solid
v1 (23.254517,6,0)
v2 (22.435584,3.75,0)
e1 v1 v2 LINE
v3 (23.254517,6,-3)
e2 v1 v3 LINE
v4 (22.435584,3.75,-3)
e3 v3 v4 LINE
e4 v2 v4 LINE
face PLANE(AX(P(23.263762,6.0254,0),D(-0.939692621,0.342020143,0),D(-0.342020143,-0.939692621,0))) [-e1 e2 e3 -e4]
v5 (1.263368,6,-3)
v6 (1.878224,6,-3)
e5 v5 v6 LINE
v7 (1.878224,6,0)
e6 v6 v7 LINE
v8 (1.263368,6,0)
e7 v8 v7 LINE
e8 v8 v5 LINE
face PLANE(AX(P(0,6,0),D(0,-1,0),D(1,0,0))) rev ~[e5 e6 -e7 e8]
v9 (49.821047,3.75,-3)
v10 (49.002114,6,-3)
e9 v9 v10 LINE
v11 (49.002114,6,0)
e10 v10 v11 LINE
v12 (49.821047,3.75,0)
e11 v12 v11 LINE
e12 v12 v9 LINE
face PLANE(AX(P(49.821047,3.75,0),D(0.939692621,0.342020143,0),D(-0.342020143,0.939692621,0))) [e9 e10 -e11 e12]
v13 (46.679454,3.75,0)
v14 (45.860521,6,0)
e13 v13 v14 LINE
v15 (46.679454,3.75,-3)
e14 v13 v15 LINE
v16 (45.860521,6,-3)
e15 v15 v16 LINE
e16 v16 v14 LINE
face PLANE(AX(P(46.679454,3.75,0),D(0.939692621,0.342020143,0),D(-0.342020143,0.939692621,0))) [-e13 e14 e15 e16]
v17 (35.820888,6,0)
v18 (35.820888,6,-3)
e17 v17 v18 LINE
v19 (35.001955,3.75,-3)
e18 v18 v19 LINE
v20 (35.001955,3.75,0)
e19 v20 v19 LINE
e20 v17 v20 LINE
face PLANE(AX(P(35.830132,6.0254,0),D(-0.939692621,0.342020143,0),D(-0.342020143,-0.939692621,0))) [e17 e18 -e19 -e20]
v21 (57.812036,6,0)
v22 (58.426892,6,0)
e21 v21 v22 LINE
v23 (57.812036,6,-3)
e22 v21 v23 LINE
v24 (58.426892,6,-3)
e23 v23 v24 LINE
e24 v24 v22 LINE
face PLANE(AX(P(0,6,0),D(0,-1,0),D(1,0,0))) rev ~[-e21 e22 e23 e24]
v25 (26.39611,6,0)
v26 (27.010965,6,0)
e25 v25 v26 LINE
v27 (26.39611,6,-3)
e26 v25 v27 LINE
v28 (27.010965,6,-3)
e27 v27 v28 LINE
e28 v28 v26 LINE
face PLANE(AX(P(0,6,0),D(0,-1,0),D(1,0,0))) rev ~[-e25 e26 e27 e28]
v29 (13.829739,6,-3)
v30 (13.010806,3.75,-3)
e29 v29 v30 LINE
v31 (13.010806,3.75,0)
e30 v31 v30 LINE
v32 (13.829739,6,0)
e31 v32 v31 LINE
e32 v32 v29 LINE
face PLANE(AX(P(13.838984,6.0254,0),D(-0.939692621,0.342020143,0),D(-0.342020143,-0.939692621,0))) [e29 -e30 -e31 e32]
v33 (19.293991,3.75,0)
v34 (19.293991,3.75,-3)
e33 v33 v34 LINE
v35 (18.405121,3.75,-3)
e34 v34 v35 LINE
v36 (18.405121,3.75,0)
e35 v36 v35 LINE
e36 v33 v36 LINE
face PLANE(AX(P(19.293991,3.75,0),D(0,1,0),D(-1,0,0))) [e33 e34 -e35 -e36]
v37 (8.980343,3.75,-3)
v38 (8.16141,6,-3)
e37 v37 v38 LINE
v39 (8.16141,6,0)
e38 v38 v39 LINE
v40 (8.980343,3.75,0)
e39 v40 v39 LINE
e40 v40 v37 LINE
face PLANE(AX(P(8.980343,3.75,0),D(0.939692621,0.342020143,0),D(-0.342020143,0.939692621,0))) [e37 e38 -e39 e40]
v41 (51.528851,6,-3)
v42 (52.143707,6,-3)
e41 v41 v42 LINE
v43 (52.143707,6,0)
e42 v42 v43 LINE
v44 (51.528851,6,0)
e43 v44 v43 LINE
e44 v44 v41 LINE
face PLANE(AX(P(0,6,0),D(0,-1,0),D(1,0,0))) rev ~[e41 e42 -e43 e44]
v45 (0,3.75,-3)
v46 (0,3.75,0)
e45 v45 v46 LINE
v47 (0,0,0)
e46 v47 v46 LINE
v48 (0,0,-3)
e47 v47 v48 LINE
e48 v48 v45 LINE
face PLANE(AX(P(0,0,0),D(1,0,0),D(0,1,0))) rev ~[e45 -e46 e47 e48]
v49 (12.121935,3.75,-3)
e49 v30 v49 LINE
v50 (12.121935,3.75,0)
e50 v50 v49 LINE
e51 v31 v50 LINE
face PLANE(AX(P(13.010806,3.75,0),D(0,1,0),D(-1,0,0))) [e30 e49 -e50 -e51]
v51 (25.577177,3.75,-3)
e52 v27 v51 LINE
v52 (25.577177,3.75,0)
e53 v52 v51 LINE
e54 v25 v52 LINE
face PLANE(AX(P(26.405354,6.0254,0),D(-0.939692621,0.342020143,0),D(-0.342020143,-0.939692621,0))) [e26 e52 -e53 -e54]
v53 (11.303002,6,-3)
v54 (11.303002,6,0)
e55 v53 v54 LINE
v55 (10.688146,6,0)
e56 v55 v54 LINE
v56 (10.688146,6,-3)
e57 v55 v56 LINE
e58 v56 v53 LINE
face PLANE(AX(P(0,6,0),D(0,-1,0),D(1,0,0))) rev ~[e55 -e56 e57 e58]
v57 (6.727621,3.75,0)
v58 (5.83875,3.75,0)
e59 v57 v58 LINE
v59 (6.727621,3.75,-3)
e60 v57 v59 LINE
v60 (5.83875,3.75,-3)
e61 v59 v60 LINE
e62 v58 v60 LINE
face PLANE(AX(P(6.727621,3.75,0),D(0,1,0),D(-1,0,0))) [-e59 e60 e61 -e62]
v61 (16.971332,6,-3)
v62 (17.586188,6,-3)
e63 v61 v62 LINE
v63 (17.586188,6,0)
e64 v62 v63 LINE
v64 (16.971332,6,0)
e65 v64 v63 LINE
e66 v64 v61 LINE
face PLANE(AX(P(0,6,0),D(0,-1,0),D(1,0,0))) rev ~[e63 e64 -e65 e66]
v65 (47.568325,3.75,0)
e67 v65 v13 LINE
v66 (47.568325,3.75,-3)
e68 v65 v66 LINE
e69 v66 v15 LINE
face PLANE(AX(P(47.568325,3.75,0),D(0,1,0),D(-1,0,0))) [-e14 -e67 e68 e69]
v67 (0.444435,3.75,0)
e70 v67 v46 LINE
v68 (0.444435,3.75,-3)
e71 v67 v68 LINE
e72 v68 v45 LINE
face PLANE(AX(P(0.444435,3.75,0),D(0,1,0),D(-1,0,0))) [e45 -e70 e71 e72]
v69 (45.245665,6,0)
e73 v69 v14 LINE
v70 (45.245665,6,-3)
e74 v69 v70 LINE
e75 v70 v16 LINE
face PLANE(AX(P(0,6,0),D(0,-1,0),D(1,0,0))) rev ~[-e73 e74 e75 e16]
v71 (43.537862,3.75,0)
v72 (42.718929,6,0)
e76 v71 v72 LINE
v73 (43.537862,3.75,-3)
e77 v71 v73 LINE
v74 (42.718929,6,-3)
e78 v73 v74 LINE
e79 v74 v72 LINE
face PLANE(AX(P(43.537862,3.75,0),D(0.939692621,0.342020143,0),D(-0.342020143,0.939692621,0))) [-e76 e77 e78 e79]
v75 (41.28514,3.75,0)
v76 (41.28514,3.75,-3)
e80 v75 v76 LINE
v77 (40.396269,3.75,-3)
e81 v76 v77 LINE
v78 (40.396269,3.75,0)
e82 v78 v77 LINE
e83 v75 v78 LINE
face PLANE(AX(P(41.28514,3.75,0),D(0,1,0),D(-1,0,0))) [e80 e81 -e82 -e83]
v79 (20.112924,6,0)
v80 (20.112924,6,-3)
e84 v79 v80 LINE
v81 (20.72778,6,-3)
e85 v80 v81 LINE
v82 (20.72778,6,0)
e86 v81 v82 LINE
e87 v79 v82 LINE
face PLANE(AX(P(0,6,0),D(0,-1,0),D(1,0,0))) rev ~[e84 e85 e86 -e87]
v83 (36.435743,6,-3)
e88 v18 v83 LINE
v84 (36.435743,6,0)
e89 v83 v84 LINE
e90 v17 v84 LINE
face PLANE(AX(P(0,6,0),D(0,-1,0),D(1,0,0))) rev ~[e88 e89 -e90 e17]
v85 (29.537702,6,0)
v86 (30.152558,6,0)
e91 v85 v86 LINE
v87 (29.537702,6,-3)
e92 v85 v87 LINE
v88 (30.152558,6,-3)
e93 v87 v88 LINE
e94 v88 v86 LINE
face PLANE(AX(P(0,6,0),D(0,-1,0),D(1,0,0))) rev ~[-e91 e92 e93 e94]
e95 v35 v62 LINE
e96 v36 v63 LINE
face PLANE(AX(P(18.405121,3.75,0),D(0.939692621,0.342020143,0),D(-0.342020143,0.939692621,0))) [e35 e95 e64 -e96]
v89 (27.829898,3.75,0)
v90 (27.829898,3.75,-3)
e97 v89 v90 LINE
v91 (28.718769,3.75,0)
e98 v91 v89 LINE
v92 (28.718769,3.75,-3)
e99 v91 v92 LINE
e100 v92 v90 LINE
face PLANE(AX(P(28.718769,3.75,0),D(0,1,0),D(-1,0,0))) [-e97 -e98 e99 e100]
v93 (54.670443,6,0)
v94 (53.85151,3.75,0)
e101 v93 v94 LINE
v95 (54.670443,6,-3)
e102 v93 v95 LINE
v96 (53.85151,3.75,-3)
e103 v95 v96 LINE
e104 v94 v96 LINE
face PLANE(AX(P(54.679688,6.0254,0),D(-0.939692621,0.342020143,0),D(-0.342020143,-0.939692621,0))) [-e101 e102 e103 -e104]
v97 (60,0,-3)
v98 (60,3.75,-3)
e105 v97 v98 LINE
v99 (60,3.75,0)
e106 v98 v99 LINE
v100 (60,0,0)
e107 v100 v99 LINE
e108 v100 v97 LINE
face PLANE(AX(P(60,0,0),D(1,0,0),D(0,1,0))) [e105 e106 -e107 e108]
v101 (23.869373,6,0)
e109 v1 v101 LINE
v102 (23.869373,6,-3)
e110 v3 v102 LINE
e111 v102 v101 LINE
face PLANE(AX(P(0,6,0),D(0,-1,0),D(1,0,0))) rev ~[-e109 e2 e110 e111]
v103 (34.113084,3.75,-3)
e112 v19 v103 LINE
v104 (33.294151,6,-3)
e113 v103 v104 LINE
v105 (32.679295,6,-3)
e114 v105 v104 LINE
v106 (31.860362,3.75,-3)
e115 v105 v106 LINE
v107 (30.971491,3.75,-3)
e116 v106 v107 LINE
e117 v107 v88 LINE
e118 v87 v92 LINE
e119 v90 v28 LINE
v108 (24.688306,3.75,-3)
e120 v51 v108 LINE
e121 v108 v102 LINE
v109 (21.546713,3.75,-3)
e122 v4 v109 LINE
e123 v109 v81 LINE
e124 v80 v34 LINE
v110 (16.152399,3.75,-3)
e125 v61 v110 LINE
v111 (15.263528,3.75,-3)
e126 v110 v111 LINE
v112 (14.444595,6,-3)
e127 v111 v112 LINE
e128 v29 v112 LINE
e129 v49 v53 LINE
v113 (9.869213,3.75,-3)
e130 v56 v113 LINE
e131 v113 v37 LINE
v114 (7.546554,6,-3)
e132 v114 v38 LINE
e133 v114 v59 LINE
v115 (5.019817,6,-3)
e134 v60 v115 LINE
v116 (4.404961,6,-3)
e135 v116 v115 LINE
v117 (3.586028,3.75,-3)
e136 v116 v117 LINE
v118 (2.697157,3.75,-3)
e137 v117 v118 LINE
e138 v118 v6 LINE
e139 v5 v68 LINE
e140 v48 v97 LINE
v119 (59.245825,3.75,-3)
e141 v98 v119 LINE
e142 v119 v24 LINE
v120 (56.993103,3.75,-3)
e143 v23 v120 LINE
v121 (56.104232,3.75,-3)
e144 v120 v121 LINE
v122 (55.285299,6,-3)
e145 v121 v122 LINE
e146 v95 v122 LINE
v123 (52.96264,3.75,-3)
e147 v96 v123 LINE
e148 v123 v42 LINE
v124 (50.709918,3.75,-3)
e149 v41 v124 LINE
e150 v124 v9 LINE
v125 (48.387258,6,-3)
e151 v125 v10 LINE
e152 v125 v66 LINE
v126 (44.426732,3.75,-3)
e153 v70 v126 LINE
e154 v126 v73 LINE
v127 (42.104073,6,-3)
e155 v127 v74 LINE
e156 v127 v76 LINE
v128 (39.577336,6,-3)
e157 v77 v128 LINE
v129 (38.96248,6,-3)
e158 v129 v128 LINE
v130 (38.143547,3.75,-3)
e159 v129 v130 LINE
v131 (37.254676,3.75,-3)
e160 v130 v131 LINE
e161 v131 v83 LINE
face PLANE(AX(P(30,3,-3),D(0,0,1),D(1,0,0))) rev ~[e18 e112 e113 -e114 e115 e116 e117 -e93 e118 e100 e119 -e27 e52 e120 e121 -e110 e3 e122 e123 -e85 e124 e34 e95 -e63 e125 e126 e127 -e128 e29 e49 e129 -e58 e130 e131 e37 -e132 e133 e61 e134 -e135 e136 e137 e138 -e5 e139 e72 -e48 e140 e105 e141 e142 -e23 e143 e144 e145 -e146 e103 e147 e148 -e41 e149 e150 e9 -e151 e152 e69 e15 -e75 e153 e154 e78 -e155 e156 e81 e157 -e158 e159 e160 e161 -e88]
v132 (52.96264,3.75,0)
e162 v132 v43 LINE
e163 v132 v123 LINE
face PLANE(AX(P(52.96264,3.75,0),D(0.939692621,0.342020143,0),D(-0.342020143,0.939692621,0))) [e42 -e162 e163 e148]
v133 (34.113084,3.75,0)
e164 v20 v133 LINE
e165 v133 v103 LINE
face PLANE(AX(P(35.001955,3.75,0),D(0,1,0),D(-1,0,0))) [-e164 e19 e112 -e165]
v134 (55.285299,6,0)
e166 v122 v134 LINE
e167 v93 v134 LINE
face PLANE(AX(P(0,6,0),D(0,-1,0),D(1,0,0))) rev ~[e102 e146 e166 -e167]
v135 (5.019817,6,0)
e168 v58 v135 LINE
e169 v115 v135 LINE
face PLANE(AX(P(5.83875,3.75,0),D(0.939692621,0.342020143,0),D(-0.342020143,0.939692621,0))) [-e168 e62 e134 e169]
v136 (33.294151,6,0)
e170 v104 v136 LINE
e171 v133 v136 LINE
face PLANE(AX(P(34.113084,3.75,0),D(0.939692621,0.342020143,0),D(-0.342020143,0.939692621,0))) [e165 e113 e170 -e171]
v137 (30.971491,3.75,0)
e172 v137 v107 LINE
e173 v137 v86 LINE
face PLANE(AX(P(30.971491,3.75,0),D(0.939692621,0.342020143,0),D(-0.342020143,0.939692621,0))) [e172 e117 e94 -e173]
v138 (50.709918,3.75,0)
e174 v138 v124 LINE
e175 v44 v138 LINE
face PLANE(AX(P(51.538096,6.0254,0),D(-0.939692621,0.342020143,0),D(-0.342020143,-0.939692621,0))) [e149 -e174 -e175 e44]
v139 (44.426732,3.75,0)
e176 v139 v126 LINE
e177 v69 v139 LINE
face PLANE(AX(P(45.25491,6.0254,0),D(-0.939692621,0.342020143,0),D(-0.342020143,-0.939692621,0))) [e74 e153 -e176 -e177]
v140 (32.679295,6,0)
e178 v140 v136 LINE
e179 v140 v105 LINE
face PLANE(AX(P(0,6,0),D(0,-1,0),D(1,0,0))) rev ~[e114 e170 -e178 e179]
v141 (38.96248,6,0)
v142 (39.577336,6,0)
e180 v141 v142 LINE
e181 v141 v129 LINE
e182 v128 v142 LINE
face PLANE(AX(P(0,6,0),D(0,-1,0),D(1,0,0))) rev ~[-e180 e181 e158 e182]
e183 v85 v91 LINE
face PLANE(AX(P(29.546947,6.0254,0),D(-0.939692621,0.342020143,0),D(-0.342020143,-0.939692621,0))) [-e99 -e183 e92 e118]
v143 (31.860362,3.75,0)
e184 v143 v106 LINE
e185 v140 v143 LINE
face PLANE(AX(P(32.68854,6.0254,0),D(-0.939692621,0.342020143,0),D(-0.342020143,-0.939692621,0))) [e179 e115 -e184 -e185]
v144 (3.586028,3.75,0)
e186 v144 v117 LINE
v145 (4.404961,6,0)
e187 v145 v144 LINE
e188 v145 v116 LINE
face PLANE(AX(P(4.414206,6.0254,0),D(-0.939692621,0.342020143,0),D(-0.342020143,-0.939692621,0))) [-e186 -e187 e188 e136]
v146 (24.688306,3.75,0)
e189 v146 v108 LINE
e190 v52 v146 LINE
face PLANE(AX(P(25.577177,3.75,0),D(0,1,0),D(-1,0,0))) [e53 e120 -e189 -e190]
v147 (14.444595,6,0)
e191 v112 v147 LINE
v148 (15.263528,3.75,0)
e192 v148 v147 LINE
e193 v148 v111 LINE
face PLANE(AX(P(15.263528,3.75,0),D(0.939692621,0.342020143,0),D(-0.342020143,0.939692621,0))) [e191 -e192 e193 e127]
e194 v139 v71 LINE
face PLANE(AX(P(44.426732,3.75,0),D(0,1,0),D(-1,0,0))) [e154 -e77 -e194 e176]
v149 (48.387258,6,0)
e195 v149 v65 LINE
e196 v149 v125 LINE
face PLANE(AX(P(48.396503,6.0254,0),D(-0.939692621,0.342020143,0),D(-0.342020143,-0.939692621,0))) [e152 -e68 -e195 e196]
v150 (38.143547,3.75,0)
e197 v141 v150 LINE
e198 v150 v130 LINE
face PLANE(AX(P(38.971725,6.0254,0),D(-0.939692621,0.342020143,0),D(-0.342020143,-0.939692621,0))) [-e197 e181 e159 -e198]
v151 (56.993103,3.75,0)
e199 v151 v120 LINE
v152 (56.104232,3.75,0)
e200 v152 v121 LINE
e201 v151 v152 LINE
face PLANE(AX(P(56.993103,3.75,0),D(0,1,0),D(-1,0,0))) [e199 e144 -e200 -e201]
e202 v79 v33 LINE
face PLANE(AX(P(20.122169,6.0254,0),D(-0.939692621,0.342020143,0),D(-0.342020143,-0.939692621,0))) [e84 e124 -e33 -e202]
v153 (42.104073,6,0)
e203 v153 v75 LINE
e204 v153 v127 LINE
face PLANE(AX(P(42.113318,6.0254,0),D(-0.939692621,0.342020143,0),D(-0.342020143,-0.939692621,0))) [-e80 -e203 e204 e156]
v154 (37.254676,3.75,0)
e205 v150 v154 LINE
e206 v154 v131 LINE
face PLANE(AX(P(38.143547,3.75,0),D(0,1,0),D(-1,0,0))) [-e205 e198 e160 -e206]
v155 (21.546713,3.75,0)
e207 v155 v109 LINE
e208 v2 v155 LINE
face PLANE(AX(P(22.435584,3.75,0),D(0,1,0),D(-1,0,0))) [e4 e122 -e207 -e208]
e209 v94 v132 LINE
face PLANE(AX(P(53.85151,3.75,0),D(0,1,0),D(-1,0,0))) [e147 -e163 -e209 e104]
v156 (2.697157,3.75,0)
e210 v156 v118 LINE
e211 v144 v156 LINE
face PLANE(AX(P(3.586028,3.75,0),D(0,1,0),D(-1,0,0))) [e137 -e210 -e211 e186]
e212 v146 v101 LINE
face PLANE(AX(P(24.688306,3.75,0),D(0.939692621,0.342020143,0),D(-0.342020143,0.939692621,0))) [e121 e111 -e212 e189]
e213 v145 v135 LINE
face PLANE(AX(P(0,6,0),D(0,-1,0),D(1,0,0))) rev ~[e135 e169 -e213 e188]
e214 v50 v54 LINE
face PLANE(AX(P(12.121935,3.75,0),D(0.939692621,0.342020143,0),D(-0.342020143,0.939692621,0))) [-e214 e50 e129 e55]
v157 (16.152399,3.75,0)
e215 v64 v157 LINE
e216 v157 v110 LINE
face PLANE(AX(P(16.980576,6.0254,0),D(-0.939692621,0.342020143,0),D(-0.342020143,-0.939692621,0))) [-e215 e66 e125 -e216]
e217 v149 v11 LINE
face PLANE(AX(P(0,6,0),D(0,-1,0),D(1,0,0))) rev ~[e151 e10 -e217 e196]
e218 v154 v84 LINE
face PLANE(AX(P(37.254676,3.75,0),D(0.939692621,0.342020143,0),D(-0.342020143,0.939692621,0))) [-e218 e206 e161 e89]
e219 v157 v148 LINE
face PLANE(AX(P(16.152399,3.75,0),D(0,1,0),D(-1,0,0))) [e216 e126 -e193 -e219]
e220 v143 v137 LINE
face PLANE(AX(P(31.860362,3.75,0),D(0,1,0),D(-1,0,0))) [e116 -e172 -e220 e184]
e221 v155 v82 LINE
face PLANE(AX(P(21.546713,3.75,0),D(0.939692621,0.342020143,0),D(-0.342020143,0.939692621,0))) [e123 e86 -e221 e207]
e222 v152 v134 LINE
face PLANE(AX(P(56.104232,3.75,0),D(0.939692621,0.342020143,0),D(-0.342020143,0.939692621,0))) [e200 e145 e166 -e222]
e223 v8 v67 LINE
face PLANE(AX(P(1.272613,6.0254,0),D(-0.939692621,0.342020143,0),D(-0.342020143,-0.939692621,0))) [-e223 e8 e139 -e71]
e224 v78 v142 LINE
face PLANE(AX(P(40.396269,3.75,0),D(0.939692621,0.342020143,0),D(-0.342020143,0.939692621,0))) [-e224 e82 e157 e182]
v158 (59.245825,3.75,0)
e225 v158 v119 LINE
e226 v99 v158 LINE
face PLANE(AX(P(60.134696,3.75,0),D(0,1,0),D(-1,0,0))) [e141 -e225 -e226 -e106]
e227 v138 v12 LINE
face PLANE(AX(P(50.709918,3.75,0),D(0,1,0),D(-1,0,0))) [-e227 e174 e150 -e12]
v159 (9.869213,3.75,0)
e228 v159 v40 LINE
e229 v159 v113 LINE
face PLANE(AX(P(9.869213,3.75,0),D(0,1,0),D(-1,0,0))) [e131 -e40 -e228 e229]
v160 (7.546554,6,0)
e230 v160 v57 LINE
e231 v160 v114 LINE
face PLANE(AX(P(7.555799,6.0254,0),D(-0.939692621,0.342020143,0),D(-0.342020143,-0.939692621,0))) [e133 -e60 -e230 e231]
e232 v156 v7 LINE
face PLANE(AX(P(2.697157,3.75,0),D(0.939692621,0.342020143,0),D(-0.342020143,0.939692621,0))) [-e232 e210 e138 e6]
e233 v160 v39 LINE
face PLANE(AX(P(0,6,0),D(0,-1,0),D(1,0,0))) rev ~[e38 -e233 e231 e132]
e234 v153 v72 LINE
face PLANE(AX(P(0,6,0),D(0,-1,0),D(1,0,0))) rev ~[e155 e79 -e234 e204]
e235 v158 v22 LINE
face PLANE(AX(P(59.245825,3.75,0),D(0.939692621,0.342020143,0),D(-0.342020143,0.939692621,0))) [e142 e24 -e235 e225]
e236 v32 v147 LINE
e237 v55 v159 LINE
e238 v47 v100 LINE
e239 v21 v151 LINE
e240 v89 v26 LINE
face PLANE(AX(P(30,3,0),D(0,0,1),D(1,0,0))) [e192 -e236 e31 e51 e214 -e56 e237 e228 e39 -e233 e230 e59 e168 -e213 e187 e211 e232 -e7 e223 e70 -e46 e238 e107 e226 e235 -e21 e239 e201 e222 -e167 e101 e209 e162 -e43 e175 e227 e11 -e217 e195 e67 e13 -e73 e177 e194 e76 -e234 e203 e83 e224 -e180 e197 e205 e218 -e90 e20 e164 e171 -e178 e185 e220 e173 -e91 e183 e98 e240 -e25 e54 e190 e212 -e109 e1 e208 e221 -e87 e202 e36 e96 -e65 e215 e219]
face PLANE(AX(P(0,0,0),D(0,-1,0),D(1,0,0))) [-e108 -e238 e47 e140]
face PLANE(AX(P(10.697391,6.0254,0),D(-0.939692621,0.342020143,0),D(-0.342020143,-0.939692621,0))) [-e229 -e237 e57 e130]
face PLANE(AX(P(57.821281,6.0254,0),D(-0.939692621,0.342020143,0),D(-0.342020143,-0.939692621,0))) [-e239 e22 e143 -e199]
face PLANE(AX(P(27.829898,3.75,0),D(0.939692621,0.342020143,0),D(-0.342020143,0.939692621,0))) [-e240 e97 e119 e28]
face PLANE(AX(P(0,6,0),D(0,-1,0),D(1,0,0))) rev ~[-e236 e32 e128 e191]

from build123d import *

# Parameters (mm, degrees)
BLANKSKE_W        = 60
BLANKSKE_H        = 6
BLANK_DEPTH       = 3
TOOTHCUTSIM_DEPTH = 61.373835392
TEETHCUTS_COUNT   = 21
TEETHCUTS_PITCH   = 3.14159265


with BuildPart() as part:
    # BlankSke → Blank (new body)
    with BuildSketch(Plane.XY):
        with Locations((30, 3)):
            Rectangle(BLANKSKE_W, BLANKSKE_H)
    extrude(amount=-BLANK_DEPTH)

    # TooCutSkeSim → ToothCutSim (cut, through all)
    with BuildSketch(Plane.XY):
        Polygon((0.44443537, 3.75), (-0.44443537, 3.75), (-1.272613241, 6.0254), (1.272613241, 6.0254), align=None)
    toothcutsim = extrude(amount=-TOOTHCUTSIM_DEPTH, mode=Mode.SUBTRACT)

    # TeethCuts: ToothCutSim ×21
    with Locations(*[(i * TEETHCUTS_PITCH, 0, 0) for i in range(1, TEETHCUTS_COUNT)]):
        add(toothcutsim, mode=Mode.SUBTRACT)


solid = part.part
